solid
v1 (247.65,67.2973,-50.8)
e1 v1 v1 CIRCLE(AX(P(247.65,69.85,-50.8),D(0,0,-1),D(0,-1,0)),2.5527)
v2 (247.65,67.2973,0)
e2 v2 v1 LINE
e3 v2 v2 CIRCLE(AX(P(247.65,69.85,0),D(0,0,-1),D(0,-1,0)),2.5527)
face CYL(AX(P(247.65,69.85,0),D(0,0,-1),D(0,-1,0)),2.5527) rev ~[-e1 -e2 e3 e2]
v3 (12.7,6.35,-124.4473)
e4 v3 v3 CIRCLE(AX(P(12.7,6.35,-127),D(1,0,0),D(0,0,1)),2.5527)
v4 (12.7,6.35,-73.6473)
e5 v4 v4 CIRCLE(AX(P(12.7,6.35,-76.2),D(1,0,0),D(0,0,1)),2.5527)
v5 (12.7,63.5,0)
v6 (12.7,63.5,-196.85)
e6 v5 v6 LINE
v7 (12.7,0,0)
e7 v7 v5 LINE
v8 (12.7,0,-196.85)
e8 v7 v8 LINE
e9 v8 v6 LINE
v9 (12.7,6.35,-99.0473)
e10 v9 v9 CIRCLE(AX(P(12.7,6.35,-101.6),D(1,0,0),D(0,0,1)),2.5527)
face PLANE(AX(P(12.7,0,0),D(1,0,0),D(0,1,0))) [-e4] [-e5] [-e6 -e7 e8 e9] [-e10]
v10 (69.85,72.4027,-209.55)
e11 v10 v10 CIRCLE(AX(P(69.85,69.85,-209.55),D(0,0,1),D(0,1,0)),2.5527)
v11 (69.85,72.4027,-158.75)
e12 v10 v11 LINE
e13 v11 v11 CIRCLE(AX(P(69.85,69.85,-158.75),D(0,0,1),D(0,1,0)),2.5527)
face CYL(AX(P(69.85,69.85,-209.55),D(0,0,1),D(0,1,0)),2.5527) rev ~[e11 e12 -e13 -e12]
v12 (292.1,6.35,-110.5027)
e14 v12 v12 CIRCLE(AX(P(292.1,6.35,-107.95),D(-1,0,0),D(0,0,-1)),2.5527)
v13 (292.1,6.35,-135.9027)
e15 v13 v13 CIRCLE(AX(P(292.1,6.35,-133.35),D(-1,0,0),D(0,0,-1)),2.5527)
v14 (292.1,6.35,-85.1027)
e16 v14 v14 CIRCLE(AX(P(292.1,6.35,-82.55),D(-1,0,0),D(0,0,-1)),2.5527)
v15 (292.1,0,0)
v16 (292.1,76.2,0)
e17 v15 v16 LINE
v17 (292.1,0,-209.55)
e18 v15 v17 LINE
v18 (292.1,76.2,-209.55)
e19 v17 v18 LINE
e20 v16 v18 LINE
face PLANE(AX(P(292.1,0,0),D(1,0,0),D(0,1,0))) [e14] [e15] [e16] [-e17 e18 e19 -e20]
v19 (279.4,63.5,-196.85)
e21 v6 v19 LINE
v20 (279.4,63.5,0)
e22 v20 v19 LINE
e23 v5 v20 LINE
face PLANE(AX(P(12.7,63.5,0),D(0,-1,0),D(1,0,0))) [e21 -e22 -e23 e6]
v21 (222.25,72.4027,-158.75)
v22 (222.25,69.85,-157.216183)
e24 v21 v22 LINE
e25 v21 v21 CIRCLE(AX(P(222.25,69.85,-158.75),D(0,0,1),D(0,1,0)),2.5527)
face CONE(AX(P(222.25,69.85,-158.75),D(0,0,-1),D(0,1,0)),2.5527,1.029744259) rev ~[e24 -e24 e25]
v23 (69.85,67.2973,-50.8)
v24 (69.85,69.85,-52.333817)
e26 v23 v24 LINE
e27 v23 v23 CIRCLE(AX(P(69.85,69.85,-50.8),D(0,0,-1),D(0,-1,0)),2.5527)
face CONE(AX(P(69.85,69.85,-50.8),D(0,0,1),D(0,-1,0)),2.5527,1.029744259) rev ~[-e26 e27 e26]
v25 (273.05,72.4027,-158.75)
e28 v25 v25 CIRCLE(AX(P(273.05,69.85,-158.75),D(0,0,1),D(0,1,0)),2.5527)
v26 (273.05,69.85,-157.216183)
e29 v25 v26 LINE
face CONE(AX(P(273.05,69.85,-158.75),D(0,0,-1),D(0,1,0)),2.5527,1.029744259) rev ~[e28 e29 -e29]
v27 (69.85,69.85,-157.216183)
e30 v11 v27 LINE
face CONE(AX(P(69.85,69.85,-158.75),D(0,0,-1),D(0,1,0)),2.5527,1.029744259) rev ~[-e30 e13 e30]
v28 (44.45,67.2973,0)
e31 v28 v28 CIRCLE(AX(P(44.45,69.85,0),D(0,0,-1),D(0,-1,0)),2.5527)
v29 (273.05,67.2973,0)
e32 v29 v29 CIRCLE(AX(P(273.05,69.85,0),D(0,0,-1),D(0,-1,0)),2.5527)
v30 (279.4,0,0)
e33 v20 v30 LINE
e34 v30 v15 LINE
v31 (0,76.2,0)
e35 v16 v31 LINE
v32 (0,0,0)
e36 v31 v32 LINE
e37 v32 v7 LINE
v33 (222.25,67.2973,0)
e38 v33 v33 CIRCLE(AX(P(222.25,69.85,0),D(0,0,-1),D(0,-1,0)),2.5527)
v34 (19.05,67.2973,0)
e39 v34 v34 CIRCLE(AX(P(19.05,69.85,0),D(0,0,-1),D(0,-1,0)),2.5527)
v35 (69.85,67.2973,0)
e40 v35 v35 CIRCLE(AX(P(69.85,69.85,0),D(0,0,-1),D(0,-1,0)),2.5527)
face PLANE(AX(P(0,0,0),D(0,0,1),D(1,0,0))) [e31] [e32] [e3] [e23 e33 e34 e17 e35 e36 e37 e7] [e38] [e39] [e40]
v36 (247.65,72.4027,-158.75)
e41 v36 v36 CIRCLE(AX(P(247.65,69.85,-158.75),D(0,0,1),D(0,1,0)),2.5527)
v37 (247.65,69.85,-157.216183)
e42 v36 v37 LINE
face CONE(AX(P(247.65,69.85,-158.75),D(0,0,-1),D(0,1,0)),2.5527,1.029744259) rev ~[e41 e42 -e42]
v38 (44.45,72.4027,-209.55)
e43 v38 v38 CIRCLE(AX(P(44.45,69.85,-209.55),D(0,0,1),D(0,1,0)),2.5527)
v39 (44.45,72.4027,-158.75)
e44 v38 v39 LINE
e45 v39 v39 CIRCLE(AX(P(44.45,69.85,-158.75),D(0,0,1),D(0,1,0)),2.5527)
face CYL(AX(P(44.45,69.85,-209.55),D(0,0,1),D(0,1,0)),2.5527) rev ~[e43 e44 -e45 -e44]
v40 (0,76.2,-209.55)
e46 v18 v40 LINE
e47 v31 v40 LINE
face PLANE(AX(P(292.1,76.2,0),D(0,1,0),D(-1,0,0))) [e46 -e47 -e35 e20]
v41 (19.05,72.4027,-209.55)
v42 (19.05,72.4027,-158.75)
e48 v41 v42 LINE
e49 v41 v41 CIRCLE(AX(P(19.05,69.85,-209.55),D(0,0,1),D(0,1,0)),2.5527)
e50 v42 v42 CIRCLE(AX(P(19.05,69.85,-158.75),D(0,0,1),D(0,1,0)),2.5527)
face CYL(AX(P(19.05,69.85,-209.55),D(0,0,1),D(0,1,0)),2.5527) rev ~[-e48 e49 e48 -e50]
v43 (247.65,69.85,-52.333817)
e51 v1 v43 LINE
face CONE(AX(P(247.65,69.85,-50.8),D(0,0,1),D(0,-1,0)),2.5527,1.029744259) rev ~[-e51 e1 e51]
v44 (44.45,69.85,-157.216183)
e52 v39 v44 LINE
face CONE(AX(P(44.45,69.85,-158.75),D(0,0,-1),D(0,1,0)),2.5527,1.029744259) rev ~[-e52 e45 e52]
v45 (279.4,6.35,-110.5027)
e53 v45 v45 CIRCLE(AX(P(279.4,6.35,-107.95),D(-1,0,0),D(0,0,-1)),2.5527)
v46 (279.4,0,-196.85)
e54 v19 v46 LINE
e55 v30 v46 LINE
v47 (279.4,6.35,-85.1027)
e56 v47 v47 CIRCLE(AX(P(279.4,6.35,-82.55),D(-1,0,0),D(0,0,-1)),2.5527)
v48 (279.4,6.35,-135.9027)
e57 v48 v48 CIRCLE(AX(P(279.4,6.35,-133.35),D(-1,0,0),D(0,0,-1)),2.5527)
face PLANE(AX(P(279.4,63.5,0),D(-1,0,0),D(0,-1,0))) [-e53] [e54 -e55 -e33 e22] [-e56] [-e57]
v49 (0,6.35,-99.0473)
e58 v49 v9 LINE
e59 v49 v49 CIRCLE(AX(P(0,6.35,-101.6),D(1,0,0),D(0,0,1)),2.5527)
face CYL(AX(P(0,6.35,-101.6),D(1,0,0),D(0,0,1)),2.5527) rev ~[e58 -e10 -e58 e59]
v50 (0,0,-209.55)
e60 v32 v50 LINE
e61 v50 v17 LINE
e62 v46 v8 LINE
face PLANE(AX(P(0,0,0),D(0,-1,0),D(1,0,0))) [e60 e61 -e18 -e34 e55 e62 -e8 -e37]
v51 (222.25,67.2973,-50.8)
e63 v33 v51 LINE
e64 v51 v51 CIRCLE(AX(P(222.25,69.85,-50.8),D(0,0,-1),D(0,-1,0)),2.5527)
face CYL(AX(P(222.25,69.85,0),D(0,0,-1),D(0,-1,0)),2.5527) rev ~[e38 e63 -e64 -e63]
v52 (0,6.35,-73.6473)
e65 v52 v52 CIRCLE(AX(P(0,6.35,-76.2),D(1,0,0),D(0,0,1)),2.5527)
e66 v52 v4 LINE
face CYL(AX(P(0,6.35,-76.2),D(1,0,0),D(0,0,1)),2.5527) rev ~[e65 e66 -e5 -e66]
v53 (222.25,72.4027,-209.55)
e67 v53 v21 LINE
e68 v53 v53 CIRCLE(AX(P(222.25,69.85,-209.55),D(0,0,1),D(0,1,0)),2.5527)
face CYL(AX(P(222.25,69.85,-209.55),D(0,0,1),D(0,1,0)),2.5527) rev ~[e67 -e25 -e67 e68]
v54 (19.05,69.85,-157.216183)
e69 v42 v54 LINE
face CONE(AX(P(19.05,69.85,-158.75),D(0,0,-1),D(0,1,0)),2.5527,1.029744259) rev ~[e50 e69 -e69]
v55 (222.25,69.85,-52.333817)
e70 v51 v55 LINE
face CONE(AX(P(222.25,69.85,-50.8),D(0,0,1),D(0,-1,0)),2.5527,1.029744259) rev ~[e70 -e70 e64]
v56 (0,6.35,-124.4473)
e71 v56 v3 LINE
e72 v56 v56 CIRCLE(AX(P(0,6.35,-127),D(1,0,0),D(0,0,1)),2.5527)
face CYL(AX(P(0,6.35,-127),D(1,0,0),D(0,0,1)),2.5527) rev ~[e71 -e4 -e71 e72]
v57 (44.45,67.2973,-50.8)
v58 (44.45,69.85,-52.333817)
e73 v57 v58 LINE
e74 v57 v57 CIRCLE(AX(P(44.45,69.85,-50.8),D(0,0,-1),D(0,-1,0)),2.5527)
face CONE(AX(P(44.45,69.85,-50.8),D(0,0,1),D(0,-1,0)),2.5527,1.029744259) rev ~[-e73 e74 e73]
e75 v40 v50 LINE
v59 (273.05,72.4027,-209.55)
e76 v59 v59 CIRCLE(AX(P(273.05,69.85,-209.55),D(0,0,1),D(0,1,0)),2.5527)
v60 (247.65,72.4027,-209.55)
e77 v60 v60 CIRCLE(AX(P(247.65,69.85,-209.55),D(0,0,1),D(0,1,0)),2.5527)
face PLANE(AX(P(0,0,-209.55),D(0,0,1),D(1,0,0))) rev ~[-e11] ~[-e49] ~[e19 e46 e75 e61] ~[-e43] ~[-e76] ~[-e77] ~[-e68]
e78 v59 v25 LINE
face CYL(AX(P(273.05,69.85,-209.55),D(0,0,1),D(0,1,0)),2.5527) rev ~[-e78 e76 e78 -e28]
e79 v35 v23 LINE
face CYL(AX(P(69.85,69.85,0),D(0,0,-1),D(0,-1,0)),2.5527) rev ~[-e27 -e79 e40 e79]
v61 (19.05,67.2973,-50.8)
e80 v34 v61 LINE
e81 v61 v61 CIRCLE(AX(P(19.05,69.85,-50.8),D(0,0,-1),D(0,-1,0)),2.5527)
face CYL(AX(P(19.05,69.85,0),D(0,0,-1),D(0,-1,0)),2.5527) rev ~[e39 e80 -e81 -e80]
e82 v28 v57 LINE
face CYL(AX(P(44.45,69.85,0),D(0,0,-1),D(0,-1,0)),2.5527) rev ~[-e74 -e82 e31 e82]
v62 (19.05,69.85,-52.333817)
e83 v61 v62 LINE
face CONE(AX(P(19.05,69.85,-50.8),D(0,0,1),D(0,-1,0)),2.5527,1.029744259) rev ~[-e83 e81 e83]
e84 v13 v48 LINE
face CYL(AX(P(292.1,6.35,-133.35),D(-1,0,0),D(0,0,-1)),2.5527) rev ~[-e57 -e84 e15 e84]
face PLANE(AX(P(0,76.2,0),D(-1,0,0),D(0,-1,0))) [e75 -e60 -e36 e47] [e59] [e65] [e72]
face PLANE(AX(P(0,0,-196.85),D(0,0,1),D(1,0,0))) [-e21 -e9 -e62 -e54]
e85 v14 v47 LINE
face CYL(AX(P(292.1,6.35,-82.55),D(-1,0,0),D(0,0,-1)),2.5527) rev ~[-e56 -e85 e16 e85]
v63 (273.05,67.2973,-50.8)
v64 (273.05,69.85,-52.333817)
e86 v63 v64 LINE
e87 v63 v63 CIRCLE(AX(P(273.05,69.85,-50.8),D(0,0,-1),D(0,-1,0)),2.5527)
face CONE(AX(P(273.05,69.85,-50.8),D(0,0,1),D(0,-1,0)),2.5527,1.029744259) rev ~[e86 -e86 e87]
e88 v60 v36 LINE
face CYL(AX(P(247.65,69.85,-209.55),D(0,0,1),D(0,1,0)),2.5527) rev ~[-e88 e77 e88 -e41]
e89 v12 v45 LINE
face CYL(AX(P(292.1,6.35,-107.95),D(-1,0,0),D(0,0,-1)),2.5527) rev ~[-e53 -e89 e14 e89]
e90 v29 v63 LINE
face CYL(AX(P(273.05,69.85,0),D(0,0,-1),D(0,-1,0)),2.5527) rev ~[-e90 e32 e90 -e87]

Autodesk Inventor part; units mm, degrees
ref_plane "YZ Plane" through (0, 0, 0) normal (1, 0, 0) x (0, 1, 0)
ref_plane "XZ Plane" through (0, 0, 0) normal (0, 1, 0) x (-1, 0, 0)
ref_plane "XY Plane" through (0, 0, 0) normal (0, 0, 1) x (1, 0, 0)
sketch "TopBoxFrame" plane through (0, 0, 0) normal (0, 0, 1) x (1, 0, 0)
  line L0 (0, 0) -> (292.1, 0)
  line L1 (292.1, 0) -> (292.1, 76.2)
  line L2 (292.1, 76.2) -> (0, 76.2)
  line L3 (0, 76.2) -> (0, 0)
  dimension "d3" = 76.2
  dimension "d27" = 292.1
extrude "TopBoxWidth" add sketch "TopBoxFrame" against normal blind 209.55
sketch "TrayShape" plane through (0, 0, 0) normal (0, 0, 1) x (1, 0, 0)
  line L0 (12.7, 63.5) -> (279.4, 63.5)
  line L1 (279.4, 63.5) -> (279.4, 0)
  line L2 (279.4, 0) -> (12.7, 0)
  line L3 (12.7, 0) -> (12.7, 63.5)
  line L4 (292.1, 76.2) -> (0, 76.2) projected
  line L5 (0, 76.2) -> (0, 0) projected
  line L6 (292.1, 0) -> (292.1, 76.2) projected
  line L7 (0, 0) -> (292.1, 0) projected
  dimension "d4" = 12.7
  dimension "d5" = 12.7
  dimension "d6" = 12.7
  dimension "d9" = 0
extrude "TrayCut" cut sketch "TrayShape" against normal blind 196.85 contours L0 L1 L2 L3
sketch "HoleGeometry" plane through (0, 0, 0) normal (0, 0, 1) x (1, 0, 0)
  line L0 (292.1, 0) -> (292.1, 76.2) projected
  line L1 (279.4, 63.5) -> (279.4, 0) projected
  line L2 (279.4, 0) -> (292.1, 0) projected
  line L3 (292.1, 0) -> (292.1, 76.2) projected
  line L4 (292.1, 76.2) -> (0, 76.2) projected
  line L5 (0, 76.2) -> (0, 0) projected
  line L6 (0, 0) -> (12.7, 0) projected
  line L7 (12.7, 0) -> (12.7, 63.5) projected
  line L8 (12.7, 63.5) -> (279.4, 63.5) projected
  line L9 (292.1, 76.2) -> (292.1, 0) projected
  line L10 (292.1, 0) -> (0, 0) projected
  line L11 (0, 0) -> (0, 76.2) projected
  line L12 (0, 76.2) -> (292.1, 76.2) projected
  point P0 (273.05, 69.85)
  point P1 (247.65, 69.85)
  point P2 (222.25, 69.85)
  point P3 (69.85, 69.85)
  point P4 (44.45, 69.85)
  point P5 (19.05, 69.85)
  dimension "d35" = 19.05
  dimension "d38" = 25.4
  dimension "d45" = 203.2
  dimension "d108" = 6.35
hole "FrontPlateHoles" at (273.05, 69.85, 0) at (247.65, 69.85, 0) at (222.25, 69.85, 0) at (69.85, 69.85, 0) at (44.45, 69.85, 0) at (19.05, 69.85, 0) direction (0, 0, -1) diameter 5.1054 depth 50.8 tip angle 118 clearance for "Flat Head Machine Screw (82)" size "#10" standard "Ansi Unified Screw Threads"
sketch "BackHoleGeo" plane through (0, 0, -209.55) normal (0, 0, -1) x (-1, 0, 0)
  line L0 (-292.1, 76.2) -> (-292.1, 0) projected
  line L1 (-292.1, 0) -> (0, 0) projected
  line L2 (0, 0) -> (0, 76.2) projected
  line L3 (0, 76.2) -> (-292.1, 76.2) projected
  point P0 (-273.05, 69.85)
  point P1 (-247.65, 69.85)
  point P2 (-222.25, 69.85)
  point P3 (-69.85, 69.85)
  point P4 (-44.45, 69.85)
  point P5 (-19.05, 69.85)
  dimension "d57" = 19.05
  dimension "d60" = 25.4
  dimension "d67" = 203.2
  dimension "d107" = 6.35
hole "BackPlateHoles" at (273.05, 69.85, -209.55) at (247.65, 69.85, -209.55) at (222.25, 69.85, -209.55) at (69.85, 69.85, -209.55) at (44.45, 69.85, -209.55) at (19.05, 69.85, -209.55) direction (0, 0, 1) diameter 5.1054 depth 50.8 tip angle 118 clearance for "Flat Head Machine Screw (82)" size "#10" standard "Ansi Unified Screw Threads"
sketch "RightHoleGeo" plane through (292.1, 0, 0) normal (1, 0, 0) x (0, 0, -1)
  line L0 (0, 76.2) -> (209.55, 76.2) projected
  line L1 (0, 0) -> (0, 76.2) projected
  line L2 (0, 0) -> (209.55, 0) projected
  point P0 (82.55, 6.35)
  point P1 (107.95, 6.35)
  point P2 (133.35, 6.35)
  dimension "d80" = 82.55
  dimension "d83" = 25.4
  dimension "d104" = 6.35
hole "RightPlateHoles" at (292.1, 6.35, -82.55) at (292.1, 6.35, -107.95) at (292.1, 6.35, -133.35) direction (-1, 0, 0) diameter 5.1054 depth 50.8 tip angle 118 clearance for "Flat Head Machine Screw (82)" size "#10" standard "Ansi Unified Screw Threads"
sketch "LeftHoleGeo" plane through (0, 0, 0) normal (-1, 0, 0) x (0, 0, 1)
  line L0 (0, 76.2) -> (-209.55, 76.2) projected
  line L1 (-209.55, 0) -> (-209.55, 76.2) projected
  line L2 (0, 0) -> (-209.55, 0) projected
  point P0 (-127, 6.35)
  point P1 (-101.6, 6.35)
  point P2 (-76.2, 6.35)
  dimension "d96" = 82.55
  dimension "d99" = 25.4
  dimension "d105" = 6.35
hole "LeftPlateHoles" at (0, 6.35, -127) at (0, 6.35, -101.6) at (0, 6.35, -76.2) direction (1, 0, 0) diameter 5.1054 depth 50.8 tip angle 118 clearance for "Flat Head Machine Screw (82)" size "#10" standard "Ansi Unified Screw Threads"
equation "\"d5\" = d4"
equation "\"d6\" = d5"
properties part number "BatteryBoxV2-Top"
